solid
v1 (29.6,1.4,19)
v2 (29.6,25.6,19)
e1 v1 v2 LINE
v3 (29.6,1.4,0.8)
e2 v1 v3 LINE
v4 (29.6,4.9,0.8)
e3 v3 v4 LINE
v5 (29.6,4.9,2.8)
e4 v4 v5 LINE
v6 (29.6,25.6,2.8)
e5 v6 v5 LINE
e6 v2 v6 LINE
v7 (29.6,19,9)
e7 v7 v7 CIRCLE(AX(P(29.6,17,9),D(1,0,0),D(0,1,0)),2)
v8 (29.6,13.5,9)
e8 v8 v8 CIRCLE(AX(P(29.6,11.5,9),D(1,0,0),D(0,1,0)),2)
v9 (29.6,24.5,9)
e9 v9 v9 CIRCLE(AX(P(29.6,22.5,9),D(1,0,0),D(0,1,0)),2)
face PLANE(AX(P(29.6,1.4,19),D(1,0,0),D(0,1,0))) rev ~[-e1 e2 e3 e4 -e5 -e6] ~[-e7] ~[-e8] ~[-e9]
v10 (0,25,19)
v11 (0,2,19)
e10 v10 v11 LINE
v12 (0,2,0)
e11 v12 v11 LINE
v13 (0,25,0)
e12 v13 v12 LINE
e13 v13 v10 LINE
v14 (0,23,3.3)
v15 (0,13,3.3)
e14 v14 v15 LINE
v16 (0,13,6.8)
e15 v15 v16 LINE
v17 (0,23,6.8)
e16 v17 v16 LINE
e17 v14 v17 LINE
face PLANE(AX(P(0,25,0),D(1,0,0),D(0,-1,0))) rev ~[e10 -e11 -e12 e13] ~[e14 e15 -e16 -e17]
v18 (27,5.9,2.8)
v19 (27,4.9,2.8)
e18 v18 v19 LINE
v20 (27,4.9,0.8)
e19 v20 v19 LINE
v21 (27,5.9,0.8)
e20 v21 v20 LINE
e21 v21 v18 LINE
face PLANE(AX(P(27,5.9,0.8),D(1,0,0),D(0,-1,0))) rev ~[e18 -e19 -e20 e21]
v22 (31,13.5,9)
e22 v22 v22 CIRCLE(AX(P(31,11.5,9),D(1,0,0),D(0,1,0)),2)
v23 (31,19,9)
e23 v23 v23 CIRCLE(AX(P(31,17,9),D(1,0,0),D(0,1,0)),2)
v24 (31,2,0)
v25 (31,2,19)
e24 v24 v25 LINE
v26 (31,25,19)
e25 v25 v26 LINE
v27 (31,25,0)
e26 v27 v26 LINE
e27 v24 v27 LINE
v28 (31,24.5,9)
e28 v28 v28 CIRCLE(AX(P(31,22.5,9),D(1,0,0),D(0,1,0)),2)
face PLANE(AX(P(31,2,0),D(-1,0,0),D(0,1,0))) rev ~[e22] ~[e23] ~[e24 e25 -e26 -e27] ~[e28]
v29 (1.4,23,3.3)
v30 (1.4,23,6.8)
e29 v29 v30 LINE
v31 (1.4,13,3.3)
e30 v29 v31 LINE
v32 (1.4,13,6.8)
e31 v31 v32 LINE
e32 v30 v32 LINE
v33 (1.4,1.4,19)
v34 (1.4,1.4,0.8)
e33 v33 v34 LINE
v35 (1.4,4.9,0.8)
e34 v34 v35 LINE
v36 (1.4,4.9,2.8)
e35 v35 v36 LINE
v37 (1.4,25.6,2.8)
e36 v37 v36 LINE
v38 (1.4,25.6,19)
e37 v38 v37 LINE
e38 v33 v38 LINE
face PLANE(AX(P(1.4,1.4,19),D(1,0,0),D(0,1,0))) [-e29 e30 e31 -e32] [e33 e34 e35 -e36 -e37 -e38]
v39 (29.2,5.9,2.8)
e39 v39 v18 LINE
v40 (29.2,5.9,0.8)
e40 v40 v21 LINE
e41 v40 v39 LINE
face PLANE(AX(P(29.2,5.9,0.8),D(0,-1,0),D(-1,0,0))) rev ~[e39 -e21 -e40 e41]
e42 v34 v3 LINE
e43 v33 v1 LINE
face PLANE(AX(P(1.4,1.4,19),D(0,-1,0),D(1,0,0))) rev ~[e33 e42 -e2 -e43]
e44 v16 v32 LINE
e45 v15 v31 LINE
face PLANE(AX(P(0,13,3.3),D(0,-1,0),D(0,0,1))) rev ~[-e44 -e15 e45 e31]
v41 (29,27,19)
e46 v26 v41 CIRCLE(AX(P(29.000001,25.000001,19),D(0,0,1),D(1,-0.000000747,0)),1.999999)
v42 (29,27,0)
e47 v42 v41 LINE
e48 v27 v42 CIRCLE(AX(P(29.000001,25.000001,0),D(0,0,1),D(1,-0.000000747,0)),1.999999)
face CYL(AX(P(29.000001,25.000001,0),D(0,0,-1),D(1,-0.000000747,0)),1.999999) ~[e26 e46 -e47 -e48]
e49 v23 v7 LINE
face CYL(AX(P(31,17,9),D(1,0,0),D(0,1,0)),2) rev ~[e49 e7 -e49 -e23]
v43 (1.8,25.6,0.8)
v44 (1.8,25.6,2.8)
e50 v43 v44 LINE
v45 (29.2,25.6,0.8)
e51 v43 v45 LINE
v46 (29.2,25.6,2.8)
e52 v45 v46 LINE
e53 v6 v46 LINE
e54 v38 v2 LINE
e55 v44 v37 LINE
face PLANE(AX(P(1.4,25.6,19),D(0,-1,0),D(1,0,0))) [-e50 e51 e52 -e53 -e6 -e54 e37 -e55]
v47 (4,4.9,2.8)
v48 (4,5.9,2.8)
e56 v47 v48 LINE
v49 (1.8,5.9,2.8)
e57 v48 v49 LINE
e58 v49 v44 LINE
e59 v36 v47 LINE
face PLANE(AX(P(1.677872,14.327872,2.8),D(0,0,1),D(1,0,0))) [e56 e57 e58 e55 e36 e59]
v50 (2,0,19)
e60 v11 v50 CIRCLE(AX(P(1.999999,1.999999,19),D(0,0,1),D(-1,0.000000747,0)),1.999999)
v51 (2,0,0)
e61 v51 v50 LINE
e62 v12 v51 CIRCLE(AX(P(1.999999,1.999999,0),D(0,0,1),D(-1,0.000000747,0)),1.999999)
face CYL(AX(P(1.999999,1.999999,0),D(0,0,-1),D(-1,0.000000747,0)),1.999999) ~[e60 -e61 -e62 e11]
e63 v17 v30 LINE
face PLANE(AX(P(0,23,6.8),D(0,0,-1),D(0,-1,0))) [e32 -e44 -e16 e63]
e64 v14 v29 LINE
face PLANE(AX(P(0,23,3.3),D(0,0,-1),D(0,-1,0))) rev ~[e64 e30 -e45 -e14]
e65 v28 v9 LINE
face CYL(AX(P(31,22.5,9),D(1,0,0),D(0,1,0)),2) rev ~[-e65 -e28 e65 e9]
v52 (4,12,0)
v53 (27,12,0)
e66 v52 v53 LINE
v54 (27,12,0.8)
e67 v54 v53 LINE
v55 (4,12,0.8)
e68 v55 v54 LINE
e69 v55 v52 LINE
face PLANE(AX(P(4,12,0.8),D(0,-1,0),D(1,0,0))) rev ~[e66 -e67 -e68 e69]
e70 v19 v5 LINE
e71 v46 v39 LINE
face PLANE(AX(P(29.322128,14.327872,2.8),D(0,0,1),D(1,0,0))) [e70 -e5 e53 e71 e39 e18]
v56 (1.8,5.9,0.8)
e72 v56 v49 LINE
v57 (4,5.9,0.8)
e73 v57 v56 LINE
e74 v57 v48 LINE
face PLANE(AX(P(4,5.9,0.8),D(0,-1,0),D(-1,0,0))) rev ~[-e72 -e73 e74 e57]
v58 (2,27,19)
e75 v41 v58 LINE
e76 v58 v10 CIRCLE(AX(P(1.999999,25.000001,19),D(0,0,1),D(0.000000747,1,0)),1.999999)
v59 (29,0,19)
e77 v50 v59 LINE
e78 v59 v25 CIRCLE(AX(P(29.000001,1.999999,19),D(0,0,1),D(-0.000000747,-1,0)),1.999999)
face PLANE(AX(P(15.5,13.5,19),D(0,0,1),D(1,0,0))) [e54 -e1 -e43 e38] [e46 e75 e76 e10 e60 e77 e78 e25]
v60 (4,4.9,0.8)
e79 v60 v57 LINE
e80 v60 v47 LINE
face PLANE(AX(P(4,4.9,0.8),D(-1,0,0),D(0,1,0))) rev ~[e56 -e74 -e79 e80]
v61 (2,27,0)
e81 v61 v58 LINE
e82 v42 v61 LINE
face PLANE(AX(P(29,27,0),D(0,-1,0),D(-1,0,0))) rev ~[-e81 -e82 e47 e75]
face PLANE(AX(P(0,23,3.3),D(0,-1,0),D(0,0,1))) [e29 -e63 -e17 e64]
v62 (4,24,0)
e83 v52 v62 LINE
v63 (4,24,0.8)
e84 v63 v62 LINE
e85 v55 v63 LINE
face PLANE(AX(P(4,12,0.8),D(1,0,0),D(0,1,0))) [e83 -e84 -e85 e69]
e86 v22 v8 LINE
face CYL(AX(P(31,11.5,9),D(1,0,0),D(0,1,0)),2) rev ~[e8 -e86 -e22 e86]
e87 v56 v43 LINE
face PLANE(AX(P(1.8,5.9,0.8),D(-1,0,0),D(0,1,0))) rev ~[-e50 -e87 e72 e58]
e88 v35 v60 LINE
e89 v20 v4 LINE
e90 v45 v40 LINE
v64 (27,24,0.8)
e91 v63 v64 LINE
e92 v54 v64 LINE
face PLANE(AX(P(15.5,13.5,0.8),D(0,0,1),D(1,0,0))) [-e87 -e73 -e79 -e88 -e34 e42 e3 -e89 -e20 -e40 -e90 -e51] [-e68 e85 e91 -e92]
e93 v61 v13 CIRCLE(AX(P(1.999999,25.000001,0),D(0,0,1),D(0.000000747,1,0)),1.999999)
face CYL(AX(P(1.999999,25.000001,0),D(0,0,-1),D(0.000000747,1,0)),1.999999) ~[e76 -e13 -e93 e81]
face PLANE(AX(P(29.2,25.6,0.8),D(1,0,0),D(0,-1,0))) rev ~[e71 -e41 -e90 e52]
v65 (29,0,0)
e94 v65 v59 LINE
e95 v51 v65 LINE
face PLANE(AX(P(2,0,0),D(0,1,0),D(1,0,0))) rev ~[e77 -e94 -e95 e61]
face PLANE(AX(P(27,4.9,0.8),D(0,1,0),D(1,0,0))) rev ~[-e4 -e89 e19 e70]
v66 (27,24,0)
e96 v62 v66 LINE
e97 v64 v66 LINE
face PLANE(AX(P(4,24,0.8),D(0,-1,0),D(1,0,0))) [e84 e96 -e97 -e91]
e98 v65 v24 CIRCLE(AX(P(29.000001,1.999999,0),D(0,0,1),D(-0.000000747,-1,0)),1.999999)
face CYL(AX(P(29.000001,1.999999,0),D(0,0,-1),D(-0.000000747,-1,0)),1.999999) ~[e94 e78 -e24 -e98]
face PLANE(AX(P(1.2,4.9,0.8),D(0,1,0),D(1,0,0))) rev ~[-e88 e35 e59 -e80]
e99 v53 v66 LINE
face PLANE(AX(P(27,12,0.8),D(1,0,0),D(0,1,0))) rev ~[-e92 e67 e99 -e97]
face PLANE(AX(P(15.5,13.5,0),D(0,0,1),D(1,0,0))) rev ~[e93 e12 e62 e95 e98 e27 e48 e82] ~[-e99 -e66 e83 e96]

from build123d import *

# Parameters (mm, degrees)
PAD_DEPTH       = 19
SKETCH001_W     = 28.2
SKETCH001_H     = 24.2
POCKET_DEPTH    = 18.2
SKETCH002_W     = 23
SKETCH002_H     = 12
POCKET001_DEPTH = 0.8
SKETCH003_R     = 2
POCKET002_DEPTH = 1.4
SKETCH004_W     = 10
SKETCH004_H     = 3.5
POCKET003_DEPTH = 1.4
PAD001_DEPTH    = 2


with BuildPart() as part:
    # Sketch → Pad (new body)
    with BuildSketch(Plane.XY):
        with BuildLine():
            ThreePointArc((0, 2), (0.585786, 0.585786), (2, 0))
            Line((2, 0), (29, 0))
            ThreePointArc((29, 0), (30.414214, 0.585786), (31, 2))
            Line((31, 2), (31, 25))
            ThreePointArc((31, 25), (30.414214, 26.414214), (29, 27))
            Line((29, 27), (2, 27))
            ThreePointArc((2, 27), (0.585786, 26.414214), (0, 25))
            Line((0, 25), (0, 2))
        make_face()
    extrude(amount=PAD_DEPTH)

    # Sketch001 (on Face10 of Pad) → Pocket (cut)
    with BuildSketch(Plane.XY.offset(19)):
        with Locations((15.5, 13.5)):
            Rectangle(SKETCH001_W, SKETCH001_H)
    extrude(amount=-POCKET_DEPTH, mode=Mode.SUBTRACT)

    # Sketch002 (on Face15 of Pocket) → Pocket001 (cut)
    with BuildSketch(Plane.XY.offset(0.8)):
        with Locations((15.5, 18)):
            Rectangle(SKETCH002_W, SKETCH002_H)
    extrude(amount=-POCKET001_DEPTH, mode=Mode.SUBTRACT)

    # Sketch003 (on Face9 of Pocket001) → Pocket002 (cut)
    with BuildSketch(Plane.YZ.offset(31)):
        with Locations((11.5, 9)):
            Circle(SKETCH003_R)
        with Locations((17, 9)):
            Circle(SKETCH003_R)
        with Locations((22.5, 9)):
            Circle(SKETCH003_R)
    extrude(amount=-POCKET002_DEPTH, mode=Mode.SUBTRACT)

    # Sketch004 (on Face2 of Pocket002) → Pocket003 (cut)
    with BuildSketch(Plane(origin=(0, 0, 0), x_dir=(0, -1, 0), z_dir=(-1, 0, 0))):
        with Locations((-18, 5.05)):
            Rectangle(SKETCH004_W, SKETCH004_H)
    extrude(amount=-POCKET003_DEPTH, mode=Mode.SUBTRACT)

    # Sketch005 (on Face26 of Pocket003) → Pad001 (join)
    with BuildSketch(Plane.XY.offset(0.8)):
        Polygon((1.2, 25.6), (1.2, 4.9), (4, 4.9), (4, 5.9), (1.8, 5.9), (1.8, 25.6), align=None)
        Polygon((27, 4.9), (29.8, 4.9), (29.8, 25.6), (29.2, 25.6), (29.2, 5.9), (27, 5.9), align=None)
    extrude(amount=PAD001_DEPTH)


solid = part.part
